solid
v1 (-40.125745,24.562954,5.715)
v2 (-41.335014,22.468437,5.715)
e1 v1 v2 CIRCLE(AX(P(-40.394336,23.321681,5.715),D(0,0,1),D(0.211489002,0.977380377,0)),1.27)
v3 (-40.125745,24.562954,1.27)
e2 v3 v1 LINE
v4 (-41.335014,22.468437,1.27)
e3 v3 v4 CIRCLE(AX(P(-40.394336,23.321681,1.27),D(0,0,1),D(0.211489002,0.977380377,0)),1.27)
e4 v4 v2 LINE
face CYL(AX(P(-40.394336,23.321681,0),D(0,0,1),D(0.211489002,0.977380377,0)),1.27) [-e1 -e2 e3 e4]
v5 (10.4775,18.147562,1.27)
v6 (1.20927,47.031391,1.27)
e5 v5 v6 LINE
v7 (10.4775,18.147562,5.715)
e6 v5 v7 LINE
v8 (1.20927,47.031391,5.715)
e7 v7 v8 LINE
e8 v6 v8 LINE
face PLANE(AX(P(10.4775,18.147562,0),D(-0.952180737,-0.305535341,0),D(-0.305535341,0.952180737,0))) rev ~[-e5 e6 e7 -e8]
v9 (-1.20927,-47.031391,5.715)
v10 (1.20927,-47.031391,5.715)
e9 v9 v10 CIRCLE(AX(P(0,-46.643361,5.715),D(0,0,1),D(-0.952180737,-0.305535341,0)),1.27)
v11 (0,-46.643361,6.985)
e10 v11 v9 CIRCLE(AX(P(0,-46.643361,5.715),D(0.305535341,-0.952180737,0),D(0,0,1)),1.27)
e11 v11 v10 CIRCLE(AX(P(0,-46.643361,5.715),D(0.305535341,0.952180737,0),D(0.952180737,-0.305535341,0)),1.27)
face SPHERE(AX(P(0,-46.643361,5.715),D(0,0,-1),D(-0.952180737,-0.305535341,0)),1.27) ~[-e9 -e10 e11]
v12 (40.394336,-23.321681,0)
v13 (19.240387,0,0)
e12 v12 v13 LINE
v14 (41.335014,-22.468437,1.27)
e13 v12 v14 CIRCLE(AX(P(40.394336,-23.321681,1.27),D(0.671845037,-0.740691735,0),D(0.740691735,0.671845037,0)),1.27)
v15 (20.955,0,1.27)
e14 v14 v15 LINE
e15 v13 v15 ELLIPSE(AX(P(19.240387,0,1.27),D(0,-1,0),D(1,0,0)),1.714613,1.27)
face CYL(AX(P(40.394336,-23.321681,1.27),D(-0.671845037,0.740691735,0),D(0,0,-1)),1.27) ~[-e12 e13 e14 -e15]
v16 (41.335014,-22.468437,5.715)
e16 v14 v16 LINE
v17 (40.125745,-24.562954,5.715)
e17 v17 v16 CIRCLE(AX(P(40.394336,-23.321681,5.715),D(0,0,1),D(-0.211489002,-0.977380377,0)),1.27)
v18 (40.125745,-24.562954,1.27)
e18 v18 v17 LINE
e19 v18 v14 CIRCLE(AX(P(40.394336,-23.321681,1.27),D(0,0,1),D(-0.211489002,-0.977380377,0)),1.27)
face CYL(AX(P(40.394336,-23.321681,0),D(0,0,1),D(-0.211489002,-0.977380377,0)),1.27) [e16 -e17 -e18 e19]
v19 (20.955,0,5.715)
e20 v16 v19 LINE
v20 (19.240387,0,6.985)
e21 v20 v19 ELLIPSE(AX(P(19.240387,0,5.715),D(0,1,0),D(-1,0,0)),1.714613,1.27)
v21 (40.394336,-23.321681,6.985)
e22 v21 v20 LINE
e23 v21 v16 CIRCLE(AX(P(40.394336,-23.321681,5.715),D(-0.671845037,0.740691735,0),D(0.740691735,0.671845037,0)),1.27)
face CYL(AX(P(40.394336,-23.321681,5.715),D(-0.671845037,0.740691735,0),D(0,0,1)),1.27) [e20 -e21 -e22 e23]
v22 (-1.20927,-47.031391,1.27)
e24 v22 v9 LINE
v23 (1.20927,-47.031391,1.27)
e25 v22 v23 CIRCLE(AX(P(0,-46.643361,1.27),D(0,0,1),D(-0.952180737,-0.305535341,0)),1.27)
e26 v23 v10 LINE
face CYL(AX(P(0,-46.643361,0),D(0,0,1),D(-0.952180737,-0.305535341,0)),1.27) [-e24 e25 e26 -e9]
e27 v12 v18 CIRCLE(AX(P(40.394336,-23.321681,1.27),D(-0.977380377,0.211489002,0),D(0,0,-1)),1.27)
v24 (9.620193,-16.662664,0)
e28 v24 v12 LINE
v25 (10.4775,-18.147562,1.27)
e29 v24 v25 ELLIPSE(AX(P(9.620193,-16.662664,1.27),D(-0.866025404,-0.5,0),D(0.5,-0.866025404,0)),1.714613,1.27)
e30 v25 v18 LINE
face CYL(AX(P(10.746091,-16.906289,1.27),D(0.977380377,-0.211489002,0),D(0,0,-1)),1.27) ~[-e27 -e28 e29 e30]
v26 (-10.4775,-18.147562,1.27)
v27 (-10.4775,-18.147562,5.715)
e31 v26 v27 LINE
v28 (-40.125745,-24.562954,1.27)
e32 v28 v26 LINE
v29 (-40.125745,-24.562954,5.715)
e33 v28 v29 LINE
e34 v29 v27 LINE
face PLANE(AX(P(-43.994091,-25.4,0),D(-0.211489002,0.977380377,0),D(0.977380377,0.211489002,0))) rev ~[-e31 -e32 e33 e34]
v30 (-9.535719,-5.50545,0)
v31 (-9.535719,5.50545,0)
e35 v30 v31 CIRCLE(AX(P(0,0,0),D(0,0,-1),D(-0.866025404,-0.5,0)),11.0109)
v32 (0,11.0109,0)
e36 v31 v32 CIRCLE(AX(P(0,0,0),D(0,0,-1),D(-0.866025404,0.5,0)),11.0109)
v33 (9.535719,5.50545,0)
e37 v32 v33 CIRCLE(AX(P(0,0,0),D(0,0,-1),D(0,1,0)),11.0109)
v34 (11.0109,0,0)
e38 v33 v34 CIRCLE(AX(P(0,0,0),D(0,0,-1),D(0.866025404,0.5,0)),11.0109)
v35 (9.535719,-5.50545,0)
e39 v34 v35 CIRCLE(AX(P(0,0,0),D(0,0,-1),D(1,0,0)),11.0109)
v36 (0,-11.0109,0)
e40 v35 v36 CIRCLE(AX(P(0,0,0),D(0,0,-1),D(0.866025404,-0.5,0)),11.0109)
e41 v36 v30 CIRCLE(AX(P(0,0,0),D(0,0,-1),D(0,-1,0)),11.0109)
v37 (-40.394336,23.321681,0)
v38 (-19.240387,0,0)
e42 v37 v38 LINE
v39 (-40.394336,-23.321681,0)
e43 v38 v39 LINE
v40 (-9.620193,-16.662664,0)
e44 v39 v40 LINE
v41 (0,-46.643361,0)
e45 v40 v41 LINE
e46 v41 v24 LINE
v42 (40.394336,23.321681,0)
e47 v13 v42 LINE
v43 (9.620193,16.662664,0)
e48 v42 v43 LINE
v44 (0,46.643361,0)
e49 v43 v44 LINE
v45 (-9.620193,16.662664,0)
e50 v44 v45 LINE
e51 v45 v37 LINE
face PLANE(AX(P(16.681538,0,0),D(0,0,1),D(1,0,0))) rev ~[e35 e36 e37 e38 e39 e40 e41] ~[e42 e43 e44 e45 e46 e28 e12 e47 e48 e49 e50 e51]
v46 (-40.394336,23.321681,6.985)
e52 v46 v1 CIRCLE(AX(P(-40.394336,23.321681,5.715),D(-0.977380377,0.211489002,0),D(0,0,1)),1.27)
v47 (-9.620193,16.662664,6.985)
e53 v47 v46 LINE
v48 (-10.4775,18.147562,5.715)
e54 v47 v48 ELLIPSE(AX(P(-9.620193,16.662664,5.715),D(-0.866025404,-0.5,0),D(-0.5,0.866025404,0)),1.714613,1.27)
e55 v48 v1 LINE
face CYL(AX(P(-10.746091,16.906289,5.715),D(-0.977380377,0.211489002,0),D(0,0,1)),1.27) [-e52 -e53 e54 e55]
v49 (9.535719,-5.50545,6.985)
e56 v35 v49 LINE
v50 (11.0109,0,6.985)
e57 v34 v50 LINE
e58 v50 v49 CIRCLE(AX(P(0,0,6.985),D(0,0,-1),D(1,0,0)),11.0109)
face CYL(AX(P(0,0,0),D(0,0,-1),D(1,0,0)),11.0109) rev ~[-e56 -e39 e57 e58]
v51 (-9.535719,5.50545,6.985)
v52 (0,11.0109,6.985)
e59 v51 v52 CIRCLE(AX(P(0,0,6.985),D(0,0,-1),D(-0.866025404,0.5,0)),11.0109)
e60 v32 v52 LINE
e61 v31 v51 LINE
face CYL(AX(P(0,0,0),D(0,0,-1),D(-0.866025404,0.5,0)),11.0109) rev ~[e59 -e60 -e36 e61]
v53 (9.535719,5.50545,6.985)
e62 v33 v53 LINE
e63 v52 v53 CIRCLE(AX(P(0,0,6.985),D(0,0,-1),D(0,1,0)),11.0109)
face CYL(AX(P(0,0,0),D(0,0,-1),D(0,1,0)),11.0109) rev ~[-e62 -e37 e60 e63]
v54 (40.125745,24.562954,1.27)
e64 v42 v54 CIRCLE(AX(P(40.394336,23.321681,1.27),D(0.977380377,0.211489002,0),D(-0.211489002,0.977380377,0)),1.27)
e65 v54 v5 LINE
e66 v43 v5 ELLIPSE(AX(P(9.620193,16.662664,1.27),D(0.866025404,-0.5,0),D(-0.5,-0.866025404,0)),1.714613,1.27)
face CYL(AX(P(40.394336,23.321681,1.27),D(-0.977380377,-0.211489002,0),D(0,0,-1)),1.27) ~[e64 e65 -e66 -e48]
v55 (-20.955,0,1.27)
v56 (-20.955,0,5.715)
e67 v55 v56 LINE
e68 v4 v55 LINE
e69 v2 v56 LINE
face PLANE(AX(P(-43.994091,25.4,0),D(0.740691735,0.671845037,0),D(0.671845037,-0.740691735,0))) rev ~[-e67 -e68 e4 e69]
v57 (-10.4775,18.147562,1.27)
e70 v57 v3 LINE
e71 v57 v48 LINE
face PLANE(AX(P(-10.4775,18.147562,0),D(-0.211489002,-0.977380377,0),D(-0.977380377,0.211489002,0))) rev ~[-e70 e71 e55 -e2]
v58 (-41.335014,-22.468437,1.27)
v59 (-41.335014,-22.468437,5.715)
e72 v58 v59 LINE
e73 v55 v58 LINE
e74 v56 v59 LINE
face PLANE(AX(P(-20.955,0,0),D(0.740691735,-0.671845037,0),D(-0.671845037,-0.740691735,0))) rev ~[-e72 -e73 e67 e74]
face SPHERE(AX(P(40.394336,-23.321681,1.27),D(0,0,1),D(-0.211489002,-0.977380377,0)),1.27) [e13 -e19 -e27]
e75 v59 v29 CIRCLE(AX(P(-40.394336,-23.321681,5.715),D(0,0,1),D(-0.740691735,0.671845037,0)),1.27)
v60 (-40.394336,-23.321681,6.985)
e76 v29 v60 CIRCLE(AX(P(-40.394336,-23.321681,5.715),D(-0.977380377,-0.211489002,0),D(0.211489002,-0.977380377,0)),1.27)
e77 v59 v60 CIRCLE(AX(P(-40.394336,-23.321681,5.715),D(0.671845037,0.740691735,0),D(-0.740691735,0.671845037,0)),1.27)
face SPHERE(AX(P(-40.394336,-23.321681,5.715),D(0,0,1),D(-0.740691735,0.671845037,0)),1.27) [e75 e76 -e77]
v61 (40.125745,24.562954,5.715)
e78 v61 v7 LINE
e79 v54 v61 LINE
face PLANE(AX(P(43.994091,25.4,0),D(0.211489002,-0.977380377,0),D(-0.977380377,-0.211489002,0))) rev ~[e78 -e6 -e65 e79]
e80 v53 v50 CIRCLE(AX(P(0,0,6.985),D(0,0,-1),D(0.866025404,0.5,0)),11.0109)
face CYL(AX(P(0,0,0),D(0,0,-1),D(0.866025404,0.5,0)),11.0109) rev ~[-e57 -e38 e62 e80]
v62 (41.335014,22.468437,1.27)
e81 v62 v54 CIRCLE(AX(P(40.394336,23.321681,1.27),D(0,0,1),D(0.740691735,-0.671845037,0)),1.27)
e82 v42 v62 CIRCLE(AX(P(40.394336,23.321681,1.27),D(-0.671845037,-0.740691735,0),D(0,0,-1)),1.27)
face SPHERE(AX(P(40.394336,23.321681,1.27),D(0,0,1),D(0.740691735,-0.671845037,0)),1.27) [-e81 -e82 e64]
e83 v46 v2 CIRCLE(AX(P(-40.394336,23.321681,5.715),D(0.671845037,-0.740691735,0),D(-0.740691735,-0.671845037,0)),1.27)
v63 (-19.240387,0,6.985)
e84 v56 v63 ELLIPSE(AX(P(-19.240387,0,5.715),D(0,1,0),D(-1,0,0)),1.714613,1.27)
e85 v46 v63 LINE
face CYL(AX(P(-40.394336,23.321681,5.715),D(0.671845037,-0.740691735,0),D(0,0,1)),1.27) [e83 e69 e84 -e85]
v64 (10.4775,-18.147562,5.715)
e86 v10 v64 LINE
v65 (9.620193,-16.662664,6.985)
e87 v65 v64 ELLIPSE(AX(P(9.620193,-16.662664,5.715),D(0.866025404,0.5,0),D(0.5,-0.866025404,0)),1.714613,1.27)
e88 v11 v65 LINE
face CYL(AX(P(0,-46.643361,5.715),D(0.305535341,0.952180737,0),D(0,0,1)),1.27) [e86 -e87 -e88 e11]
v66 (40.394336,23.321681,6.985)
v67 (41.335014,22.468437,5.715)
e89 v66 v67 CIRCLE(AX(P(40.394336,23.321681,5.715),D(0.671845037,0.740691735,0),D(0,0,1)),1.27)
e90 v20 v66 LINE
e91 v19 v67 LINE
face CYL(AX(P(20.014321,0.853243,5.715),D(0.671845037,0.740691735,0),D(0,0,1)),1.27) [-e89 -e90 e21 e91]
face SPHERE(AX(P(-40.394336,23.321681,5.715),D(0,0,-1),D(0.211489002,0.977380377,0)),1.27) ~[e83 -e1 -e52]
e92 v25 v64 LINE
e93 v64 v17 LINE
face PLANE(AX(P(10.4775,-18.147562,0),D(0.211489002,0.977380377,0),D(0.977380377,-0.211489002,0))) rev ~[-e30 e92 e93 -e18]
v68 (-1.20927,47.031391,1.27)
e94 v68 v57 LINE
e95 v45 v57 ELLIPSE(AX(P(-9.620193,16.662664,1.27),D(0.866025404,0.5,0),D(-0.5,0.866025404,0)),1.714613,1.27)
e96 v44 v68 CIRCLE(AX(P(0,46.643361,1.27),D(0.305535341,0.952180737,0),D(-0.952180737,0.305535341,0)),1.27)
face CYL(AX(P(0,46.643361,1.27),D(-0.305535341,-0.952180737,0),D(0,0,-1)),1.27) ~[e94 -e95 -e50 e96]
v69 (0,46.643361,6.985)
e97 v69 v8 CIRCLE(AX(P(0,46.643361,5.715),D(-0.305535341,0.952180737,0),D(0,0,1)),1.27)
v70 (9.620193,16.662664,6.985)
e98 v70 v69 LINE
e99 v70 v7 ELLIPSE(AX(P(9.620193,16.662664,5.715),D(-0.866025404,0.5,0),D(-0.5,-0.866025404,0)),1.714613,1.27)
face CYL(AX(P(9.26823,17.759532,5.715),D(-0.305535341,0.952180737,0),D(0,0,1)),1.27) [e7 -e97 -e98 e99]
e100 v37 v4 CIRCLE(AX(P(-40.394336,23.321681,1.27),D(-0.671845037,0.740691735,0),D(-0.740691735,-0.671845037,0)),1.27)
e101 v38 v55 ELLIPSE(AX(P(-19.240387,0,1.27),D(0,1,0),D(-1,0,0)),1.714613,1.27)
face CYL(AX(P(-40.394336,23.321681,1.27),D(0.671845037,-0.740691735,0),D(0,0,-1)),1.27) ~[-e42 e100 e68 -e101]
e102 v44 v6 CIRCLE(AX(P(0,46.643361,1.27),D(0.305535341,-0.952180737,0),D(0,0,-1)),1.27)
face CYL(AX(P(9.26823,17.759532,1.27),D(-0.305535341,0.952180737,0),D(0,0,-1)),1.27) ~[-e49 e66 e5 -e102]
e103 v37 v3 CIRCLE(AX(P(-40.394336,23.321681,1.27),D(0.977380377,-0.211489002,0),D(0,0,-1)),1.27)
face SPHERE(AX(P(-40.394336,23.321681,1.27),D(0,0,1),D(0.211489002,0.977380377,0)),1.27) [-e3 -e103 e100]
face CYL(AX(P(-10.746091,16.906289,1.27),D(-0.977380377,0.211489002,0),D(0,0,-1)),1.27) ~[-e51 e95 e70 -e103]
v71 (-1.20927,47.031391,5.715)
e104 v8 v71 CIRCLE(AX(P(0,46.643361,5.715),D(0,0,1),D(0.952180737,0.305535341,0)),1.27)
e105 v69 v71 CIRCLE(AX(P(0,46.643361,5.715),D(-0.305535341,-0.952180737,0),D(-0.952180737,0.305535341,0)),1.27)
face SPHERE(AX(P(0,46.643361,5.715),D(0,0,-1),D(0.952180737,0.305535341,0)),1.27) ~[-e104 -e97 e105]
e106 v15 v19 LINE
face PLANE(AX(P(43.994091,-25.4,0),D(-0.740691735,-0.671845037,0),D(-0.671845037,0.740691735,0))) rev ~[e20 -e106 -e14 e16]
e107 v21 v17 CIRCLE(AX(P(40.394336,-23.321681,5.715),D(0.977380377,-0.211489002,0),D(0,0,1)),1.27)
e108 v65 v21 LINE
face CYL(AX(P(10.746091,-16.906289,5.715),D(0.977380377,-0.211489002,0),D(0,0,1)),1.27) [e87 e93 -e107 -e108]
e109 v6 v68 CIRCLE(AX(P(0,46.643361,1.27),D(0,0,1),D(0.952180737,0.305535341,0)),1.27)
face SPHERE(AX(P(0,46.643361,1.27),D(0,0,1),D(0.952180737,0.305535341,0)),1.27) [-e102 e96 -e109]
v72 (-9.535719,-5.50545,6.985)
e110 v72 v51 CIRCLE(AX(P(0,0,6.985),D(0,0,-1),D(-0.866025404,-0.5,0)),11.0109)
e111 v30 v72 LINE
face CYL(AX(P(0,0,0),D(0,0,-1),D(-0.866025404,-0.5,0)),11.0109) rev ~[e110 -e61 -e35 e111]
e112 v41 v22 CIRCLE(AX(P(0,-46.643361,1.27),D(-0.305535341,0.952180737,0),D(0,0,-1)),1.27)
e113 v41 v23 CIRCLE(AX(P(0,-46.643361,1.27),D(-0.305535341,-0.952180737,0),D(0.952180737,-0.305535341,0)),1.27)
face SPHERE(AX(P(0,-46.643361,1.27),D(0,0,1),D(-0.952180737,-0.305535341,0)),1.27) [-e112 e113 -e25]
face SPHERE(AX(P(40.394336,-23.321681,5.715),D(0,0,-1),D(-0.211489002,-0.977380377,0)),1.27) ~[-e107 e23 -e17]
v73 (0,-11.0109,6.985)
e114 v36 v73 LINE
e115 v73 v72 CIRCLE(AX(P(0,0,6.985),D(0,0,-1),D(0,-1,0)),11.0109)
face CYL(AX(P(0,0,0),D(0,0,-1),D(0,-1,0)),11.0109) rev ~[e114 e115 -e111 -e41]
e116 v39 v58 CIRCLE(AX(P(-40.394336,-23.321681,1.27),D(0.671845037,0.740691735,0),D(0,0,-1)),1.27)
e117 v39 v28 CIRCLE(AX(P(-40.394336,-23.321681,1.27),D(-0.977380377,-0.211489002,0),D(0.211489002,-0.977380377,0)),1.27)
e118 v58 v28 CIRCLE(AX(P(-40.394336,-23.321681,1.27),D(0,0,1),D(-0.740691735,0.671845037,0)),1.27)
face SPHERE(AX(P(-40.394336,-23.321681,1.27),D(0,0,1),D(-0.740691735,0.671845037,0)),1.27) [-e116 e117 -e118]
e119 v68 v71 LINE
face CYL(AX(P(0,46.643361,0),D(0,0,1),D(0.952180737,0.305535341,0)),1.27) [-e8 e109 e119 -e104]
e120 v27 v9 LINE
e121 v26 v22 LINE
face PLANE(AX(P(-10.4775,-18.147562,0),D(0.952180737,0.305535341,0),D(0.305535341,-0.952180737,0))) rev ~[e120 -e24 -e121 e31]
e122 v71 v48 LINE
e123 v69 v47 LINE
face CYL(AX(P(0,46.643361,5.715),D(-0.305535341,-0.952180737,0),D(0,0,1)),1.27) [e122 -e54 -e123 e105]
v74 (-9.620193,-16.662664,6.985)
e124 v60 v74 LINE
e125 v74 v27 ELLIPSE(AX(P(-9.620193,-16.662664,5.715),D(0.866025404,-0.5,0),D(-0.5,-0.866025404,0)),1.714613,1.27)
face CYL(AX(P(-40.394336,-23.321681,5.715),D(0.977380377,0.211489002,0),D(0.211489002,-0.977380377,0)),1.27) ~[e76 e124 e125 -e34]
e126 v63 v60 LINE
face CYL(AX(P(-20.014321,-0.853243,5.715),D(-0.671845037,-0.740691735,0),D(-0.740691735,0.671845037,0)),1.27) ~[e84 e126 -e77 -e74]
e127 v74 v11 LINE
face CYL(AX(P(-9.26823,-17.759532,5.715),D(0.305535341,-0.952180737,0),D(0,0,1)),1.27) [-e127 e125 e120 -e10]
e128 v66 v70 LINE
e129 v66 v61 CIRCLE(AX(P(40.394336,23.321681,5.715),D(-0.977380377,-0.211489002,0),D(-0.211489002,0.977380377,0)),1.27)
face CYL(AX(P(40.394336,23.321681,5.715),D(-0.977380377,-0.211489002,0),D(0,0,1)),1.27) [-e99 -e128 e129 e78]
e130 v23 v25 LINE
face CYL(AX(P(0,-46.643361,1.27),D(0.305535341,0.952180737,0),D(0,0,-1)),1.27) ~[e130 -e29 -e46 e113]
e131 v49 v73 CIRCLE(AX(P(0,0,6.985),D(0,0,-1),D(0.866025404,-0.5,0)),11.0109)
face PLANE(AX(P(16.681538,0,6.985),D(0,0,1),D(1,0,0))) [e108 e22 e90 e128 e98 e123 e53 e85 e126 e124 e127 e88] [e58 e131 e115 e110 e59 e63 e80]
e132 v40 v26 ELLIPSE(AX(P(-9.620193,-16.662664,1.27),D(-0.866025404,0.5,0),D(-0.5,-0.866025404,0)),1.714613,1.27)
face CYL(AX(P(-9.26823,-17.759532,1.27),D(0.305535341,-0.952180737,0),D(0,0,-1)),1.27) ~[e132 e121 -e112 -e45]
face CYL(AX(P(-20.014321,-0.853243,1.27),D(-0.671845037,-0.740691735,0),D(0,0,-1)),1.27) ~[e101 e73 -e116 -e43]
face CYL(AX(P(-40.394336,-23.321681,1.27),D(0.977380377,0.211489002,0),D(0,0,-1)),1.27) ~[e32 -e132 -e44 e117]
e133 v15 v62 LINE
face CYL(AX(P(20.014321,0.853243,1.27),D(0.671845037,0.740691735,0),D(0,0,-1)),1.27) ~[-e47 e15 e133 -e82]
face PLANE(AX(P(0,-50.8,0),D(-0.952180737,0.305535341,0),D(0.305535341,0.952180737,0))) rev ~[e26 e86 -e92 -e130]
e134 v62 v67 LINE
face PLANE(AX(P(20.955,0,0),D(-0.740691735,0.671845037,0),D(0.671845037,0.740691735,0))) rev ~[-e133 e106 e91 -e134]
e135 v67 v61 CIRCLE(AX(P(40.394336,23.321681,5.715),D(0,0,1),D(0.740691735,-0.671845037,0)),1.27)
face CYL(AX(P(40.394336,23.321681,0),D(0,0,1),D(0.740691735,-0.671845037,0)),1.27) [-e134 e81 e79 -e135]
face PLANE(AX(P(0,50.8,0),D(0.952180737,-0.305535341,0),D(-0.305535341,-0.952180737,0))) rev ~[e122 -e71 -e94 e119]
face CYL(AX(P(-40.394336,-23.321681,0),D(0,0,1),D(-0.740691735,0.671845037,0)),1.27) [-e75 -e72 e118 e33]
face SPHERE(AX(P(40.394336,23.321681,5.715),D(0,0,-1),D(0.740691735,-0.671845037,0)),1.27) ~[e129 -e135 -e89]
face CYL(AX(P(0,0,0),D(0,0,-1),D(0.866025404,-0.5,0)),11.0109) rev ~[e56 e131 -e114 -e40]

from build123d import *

# Parameters (mm, degrees)
F1_DEPTH = 6.985
F2_R     = 1.27
F3_R     = 1.27


with BuildPart() as f1:
    # F0 (on Top) → F1 (new body)
    with BuildSketch(Plane.XY):
        with BuildLine():
            Line((15.71625, 9.0737811682), (13.7528333371, 7.9402020293))
            ThreePointArc((13.7528333371, 7.9402020293), (15.3392924121, 4.1101510143), (15.8804040586, 0))
            ThreePointArc((15.8804040586, 0), (15.3392924121, -4.1101510143), (13.7528333371, -7.9402020293))
            Line((13.7528333371, -7.9402020293), (15.71625, -9.0737811682))
            Line((15.71625, -9.0737811682), (20.955, 0))
            Line((20.955, 0), (15.71625, 9.0737811682))
        make_face()
        with BuildLine():
            ThreePointArc((0, 15.8804040586), (7.9402020293, 13.7528333371), (13.7528333371, 7.9402020293))
            Line((13.7528333371, 7.9402020293), (15.71625, 9.0737811682))
            Line((15.71625, 9.0737811682), (10.4775, 18.1475623363))
            Line((10.4775, 18.1475623363), (0, 18.1475623363))
            Line((0, 18.1475623363), (0, 15.8804040586))
        make_face()
        with BuildLine():
            Line((15.71625, -9.0737811682), (13.7528333371, -7.9402020293))
            ThreePointArc((13.7528333371, -7.9402020293), (7.9402020293, -13.7528333371), (0, -15.8804040586))
            Line((0, -15.8804040586), (0, -18.1475623363))
            Line((0, -18.1475623363), (10.4775, -18.1475623363))
            Line((10.4775, -18.1475623363), (15.71625, -9.0737811682))
        make_face()
        with BuildLine():
            ThreePointArc((-13.7528333371, 7.9402020293), (-7.9402020293, 13.7528333371), (0, 15.8804040586))
            Line((0, 15.8804040586), (0, 18.1475623363))
            Line((0, 18.1475623363), (-10.4775, 18.1475623363))
            Line((-10.4775, 18.1475623363), (-15.71625, 9.0737811682))
            Line((-15.71625, 9.0737811682), (-13.7528333371, 7.9402020293))
        make_face()
        Polygon((10.4775, 18.1475623363), (15.71625, 9.0737811682), (43.9940905122, 25.4), align=None)
        Polygon((43.9940905122, 25.4), (15.71625, 9.0737811682), (20.955, 0), align=None)
        with BuildLine():
            Line((0, -18.1475623363), (0, -15.8804040586))
            ThreePointArc((0, -15.8804040586), (-7.9402020293, -13.7528333371), (-13.7528333371, -7.9402020293))
            Line((-13.7528333371, -7.9402020293), (-15.71625, -9.0737811682))
            Line((-15.71625, -9.0737811682), (-10.4775, -18.1475623363))
            Line((-10.4775, -18.1475623363), (0, -18.1475623363))
        make_face()
        Polygon((20.955, 0), (15.71625, -9.0737811682), (43.9940905122, -25.4), align=None)
        Polygon((43.9940905122, -25.4), (15.71625, -9.0737811682), (10.4775, -18.1475623363), align=None)
        with BuildLine():
            ThreePointArc((-13.7528333371, -7.9402020293), (-15.8804040586, 0), (-13.7528333371, 7.9402020293))
            Line((-13.7528333371, 7.9402020293), (-15.71625, 9.0737811682))
            Line((-15.71625, 9.0737811682), (-20.955, 0))
            Line((-20.955, 0), (-15.71625, -9.0737811682))
            Line((-15.71625, -9.0737811682), (-13.7528333371, -7.9402020293))
        make_face()
        Polygon((-10.4775, 18.1475623363), (0, 18.1475623363), (0, 50.8), align=None)
        Polygon((0, 50.8), (0, 18.1475623363), (10.4775, 18.1475623363), align=None)
        Polygon((10.4775, -18.1475623363), (0, -18.1475623363), (0, -50.8), align=None)
        Polygon((0, -50.8), (0, -18.1475623363), (-10.4775, -18.1475623363), align=None)
        Polygon((-20.955, 0), (-15.71625, 9.0737811682), (-43.9940905122, 25.4), align=None)
        Polygon((-43.9940905122, 25.4), (-15.71625, 9.0737811682), (-10.4775, 18.1475623363), align=None)
        Polygon((-10.4775, -18.1475623363), (-15.71625, -9.0737811682), (-43.9940905122, -25.4), align=None)
        Polygon((-43.9940905122, -25.4), (-15.71625, -9.0737811682), (-20.955, 0), align=None)
        with BuildLine():
            ThreePointArc((-9.5357191185, 5.50545), (-5.50545, 9.5357191185), (0, 11.0109))
            Line((0, 11.0109), (0, 15.8804040586))
            ThreePointArc((0, 15.8804040586), (-7.9402020293, 13.7528333371), (-13.7528333371, 7.9402020293))
            Line((-13.7528333371, 7.9402020293), (-9.5357191185, 5.50545))
        make_face()
        with BuildLine():
            ThreePointArc((0, 11.0109), (5.50545, 9.5357191185), (9.5357191185, 5.50545))
            Line((9.5357191185, 5.50545), (13.7528333371, 7.9402020293))
            ThreePointArc((13.7528333371, 7.9402020293), (7.9402020293, 13.7528333371), (0, 15.8804040586))
            Line((0, 15.8804040586), (0, 11.0109))
        make_face()
        with BuildLine():
            ThreePointArc((9.5357191185, 5.50545), (10.6357126807, 2.8498306237), (11.0109, 0))
            ThreePointArc((11.0109, 0), (10.6357126807, -2.8498306237), (9.5357191185, -5.50545))
            Line((9.5357191185, -5.50545), (13.7528333371, -7.9402020293))
            ThreePointArc((13.7528333371, -7.9402020293), (15.3392924121, -4.1101510143), (15.8804040586, 0))
            ThreePointArc((15.8804040586, 0), (15.3392924121, 4.1101510143), (13.7528333371, 7.9402020293))
            Line((13.7528333371, 7.9402020293), (9.5357191185, 5.50545))
        make_face()
        with BuildLine():
            Line((13.7528333371, -7.9402020293), (9.5357191185, -5.50545))
            ThreePointArc((9.5357191185, -5.50545), (5.50545, -9.5357191185), (0, -11.0109))
            Line((0, -11.0109), (0, -15.8804040586))
            ThreePointArc((0, -15.8804040586), (7.9402020293, -13.7528333371), (13.7528333371, -7.9402020293))
        make_face()
        with BuildLine():
            Line((0, -15.8804040586), (0, -11.0109))
            ThreePointArc((0, -11.0109), (-5.50545, -9.5357191185), (-9.5357191185, -5.50545))
            Line((-9.5357191185, -5.50545), (-13.7528333371, -7.9402020293))
            ThreePointArc((-13.7528333371, -7.9402020293), (-7.9402020293, -13.7528333371), (0, -15.8804040586))
        make_face()
        with BuildLine():
            ThreePointArc((-9.5357191185, -5.50545), (-11.0109, 0), (-9.5357191185, 5.50545))
            Line((-9.5357191185, 5.50545), (-13.7528333371, 7.9402020293))
            ThreePointArc((-13.7528333371, 7.9402020293), (-15.8804040586, 0), (-13.7528333371, -7.9402020293))
            Line((-13.7528333371, -7.9402020293), (-9.5357191185, -5.50545))
        make_face()
    extrude(amount=F1_DEPTH)

    # F2
    f2_edges = [f1.edges().sort_by_distance(p)[0] for p in [
        (0, 50.8, 3.4925),
        (-43.994091, -25.4, 3.4925),
        (-43.994091, 25.4, 3.4925),
        (0, -50.8, 3.4925),
        (43.994091, -25.4, 3.4925),
        (43.994091, 25.4, 3.4925),
    ]]
    fillet(f2_edges, radius=F2_R)

    # F3
    f3_edges = [f1.edges().sort_by_distance(p)[0] for p in [
        (31.145007, -11.234219, 6.985),
        (5.843385, -32.589477, 6.985),
        (-25.301622, -21.355258, 6.985),
        (-31.145007, 11.234219, 6.985),
        (25.301622, 21.355258, 6.985),
        (-5.843385, 32.589477, 6.985),
        (25.301622, 21.355258, 0),
        (25.301622, -21.355258, 0),
        (5.843385, -32.589477, 0),
        (-25.301622, -21.355258, 0),
        (-31.145007, 11.234219, 0),
        (5.843385, 32.589477, 0),
    ]]
    fillet(f3_edges, radius=F3_R)


solid = f1.part
